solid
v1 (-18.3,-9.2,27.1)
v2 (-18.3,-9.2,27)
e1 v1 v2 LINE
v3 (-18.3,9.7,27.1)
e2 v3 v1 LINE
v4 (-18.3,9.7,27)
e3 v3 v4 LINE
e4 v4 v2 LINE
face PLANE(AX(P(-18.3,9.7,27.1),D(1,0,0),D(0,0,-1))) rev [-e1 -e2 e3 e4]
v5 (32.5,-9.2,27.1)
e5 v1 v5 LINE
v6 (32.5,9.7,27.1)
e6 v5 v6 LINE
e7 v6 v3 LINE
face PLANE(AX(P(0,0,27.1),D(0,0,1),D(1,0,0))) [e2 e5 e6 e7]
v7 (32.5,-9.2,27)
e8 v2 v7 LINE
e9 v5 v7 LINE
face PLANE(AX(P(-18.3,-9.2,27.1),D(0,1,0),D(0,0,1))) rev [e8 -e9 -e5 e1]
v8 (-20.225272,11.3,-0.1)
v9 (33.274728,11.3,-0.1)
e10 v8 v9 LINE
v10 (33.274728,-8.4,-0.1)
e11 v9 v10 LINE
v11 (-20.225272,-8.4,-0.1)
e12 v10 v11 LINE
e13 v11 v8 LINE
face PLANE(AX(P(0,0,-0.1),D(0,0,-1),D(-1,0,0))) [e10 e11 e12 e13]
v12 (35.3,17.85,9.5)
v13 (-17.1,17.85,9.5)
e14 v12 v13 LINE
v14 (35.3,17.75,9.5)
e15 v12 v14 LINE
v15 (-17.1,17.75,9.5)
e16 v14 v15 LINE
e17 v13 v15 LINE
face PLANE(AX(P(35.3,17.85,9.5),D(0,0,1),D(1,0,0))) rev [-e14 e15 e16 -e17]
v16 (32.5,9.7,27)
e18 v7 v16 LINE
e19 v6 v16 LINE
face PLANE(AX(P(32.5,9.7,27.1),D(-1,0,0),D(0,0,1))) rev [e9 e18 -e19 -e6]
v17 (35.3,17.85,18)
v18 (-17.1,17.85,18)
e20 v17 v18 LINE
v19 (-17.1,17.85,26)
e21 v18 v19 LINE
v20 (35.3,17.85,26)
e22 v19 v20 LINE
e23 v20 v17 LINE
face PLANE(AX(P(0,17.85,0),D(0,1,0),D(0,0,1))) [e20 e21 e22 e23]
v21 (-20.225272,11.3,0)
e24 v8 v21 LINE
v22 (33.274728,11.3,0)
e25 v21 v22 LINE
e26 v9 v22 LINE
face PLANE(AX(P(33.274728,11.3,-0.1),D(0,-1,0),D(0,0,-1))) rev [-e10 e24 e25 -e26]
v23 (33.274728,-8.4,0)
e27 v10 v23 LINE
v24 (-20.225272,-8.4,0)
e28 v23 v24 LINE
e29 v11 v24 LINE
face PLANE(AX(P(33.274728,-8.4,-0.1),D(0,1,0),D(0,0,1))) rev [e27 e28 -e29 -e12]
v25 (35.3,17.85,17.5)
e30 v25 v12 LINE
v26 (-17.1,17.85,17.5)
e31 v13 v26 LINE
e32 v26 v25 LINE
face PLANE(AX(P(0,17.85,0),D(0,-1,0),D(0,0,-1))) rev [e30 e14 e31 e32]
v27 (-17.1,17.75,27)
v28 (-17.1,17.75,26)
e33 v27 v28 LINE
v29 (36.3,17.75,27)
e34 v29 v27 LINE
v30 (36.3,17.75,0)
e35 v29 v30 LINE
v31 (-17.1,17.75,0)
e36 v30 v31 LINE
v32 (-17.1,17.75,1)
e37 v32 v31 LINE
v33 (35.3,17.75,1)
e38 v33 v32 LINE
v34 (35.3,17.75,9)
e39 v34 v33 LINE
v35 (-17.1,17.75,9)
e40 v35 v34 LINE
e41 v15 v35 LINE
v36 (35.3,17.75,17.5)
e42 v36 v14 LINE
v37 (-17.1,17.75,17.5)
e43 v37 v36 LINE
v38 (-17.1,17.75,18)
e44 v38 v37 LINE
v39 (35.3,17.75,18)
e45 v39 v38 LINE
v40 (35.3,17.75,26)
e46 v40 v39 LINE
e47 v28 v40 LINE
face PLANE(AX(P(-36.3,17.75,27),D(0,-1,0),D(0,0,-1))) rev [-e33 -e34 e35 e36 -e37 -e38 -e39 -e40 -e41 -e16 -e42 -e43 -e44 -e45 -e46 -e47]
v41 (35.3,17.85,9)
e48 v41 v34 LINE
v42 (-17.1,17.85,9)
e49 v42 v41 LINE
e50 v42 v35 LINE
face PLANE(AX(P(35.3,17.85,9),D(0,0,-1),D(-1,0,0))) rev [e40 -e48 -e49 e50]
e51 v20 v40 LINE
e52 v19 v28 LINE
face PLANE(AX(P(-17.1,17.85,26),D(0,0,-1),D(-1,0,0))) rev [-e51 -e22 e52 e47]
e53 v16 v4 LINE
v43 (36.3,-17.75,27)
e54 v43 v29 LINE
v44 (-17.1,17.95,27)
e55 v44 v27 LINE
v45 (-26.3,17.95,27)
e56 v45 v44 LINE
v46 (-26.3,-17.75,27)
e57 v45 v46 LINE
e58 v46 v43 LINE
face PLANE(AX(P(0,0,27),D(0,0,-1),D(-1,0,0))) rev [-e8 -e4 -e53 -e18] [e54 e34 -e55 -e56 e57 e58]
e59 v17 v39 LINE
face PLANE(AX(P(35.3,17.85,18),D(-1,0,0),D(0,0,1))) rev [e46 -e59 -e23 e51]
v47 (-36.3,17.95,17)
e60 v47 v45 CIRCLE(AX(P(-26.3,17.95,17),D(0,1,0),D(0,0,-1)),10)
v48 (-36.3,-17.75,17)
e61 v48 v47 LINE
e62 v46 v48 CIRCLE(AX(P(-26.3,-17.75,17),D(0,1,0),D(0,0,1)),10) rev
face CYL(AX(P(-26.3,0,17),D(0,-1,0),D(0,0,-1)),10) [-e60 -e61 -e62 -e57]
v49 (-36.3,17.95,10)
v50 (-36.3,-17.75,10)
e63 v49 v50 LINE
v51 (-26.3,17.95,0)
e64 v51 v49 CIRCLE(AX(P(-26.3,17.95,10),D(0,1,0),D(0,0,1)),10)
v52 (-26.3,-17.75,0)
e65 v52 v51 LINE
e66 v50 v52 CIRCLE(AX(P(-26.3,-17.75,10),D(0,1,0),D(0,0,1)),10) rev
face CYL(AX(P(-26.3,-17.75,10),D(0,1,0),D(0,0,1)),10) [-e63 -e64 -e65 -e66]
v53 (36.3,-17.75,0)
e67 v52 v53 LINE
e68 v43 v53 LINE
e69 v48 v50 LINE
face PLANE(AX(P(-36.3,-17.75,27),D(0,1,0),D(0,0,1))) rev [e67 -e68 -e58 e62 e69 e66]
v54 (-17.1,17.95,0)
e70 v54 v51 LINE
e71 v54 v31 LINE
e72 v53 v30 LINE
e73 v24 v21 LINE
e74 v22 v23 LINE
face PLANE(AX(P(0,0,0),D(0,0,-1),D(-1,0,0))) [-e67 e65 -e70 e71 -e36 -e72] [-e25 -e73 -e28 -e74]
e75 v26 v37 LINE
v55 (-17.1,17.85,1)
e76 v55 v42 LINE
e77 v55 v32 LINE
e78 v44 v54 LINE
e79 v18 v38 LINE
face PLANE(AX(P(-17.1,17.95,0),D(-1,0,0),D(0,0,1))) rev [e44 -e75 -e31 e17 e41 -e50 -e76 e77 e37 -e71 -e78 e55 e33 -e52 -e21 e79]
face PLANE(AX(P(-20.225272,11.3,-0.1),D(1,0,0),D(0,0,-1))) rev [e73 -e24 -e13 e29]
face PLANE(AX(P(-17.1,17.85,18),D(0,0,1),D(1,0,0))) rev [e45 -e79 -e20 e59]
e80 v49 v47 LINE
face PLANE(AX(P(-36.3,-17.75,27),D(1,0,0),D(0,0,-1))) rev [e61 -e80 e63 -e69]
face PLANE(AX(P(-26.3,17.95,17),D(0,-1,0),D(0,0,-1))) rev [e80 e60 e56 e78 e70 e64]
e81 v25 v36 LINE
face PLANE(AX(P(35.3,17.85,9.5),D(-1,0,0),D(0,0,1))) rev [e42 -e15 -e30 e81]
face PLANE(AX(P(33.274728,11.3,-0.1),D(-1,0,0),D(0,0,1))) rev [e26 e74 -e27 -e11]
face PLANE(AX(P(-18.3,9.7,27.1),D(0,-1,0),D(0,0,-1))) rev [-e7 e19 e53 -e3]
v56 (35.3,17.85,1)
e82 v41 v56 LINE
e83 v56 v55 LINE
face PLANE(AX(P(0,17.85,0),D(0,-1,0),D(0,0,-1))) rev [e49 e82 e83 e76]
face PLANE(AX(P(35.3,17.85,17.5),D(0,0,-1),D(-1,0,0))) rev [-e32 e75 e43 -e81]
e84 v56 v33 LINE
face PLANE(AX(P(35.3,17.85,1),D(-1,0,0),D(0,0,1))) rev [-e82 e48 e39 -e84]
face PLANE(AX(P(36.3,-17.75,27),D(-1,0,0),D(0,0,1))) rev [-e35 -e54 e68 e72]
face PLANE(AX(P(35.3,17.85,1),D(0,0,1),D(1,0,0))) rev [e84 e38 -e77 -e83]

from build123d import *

# Parameters (mm, degrees)
SKETCH1_W           = 72.6
SKETCH1_H           = 35.5
BOSS_EXTRUDE1_DEPTH = 27
FILLET1_R           = 10
SKETCH2_W           = 52.4
SKETCH2_H           = 8
BOSS_EXTRUDE2_DEPTH = 0.1
SKETCH3_W           = 50.8
SKETCH3_H           = 18.9
BOSS_EXTRUDE3_DEPTH = 0.1
BOSS_EXTRUDE4_DEPTH = 0.2
SKETCH5_W           = 53.5
SKETCH5_H           = 19.7
BOSS_EXTRUDE5_DEPTH = 0.1


with BuildPart() as part:
    # Sketch1 → Boss-Extrude1 (new body)
    with BuildSketch(Plane.XY):
        Rectangle(SKETCH1_W, SKETCH1_H)
    extrude(amount=BOSS_EXTRUDE1_DEPTH)

    # Fillet1
    fillet1_edges = [part.edges().sort_by_distance(p)[0] for p in [
        (-36.3, 0, 27),
        (-36.3, 0, 0),
    ]]
    fillet(fillet1_edges, radius=FILLET1_R)

    # Sketch2 → Boss-Extrude2 (add)
    with BuildSketch(Plane(origin=(0, 17.75, 0), x_dir=(1, 0, 0), z_dir=(0, 1, 0))):
        with Locations((9.1, -5)):
            Rectangle(SKETCH2_W, SKETCH2_H)
        with Locations((9.1, -13.5)):
            Rectangle(SKETCH2_W, SKETCH2_H)
        with Locations((9.1, -22)):
            Rectangle(SKETCH2_W, SKETCH2_H)
    extrude(amount=BOSS_EXTRUDE2_DEPTH)

    # Sketch3 → Boss-Extrude3 (add)
    with BuildSketch(Plane.XY.offset(27)):
        with Locations((7.1, 0.25)):
            Rectangle(SKETCH3_W, SKETCH3_H)
    extrude(amount=BOSS_EXTRUDE3_DEPTH)

    # Sketch4 → Boss-Extrude4 (add)
    with BuildSketch(Plane(origin=(0, 17.75, 0), x_dir=(1, 0, 0), z_dir=(0, 1, 0))):
        with BuildLine():
            Line((-26.3, 0), (-17.1, 0))
            Line((-17.1, 0), (-17.1, -27))
            Line((-17.1, -27), (-26.3, -27))
            ThreePointArc((-26.3, -27), (-33.371067812, -24.071067812), (-36.3, -17))
            Line((-36.3, -17), (-36.3, -10))
            ThreePointArc((-36.3, -10), (-33.371067812, -2.928932188), (-26.3, 0))
        make_face()
    extrude(amount=BOSS_EXTRUDE4_DEPTH)

    # Sketch5 → Boss-Extrude5 (add)
    with BuildSketch(Plane(origin=(0, 0, 0), x_dir=(-1, 0, 0), z_dir=(0, 0, -1))):
        with Locations((-6.524728086, 1.45)):
            Rectangle(SKETCH5_W, SKETCH5_H)
    extrude(amount=BOSS_EXTRUDE5_DEPTH)


solid = part.part
